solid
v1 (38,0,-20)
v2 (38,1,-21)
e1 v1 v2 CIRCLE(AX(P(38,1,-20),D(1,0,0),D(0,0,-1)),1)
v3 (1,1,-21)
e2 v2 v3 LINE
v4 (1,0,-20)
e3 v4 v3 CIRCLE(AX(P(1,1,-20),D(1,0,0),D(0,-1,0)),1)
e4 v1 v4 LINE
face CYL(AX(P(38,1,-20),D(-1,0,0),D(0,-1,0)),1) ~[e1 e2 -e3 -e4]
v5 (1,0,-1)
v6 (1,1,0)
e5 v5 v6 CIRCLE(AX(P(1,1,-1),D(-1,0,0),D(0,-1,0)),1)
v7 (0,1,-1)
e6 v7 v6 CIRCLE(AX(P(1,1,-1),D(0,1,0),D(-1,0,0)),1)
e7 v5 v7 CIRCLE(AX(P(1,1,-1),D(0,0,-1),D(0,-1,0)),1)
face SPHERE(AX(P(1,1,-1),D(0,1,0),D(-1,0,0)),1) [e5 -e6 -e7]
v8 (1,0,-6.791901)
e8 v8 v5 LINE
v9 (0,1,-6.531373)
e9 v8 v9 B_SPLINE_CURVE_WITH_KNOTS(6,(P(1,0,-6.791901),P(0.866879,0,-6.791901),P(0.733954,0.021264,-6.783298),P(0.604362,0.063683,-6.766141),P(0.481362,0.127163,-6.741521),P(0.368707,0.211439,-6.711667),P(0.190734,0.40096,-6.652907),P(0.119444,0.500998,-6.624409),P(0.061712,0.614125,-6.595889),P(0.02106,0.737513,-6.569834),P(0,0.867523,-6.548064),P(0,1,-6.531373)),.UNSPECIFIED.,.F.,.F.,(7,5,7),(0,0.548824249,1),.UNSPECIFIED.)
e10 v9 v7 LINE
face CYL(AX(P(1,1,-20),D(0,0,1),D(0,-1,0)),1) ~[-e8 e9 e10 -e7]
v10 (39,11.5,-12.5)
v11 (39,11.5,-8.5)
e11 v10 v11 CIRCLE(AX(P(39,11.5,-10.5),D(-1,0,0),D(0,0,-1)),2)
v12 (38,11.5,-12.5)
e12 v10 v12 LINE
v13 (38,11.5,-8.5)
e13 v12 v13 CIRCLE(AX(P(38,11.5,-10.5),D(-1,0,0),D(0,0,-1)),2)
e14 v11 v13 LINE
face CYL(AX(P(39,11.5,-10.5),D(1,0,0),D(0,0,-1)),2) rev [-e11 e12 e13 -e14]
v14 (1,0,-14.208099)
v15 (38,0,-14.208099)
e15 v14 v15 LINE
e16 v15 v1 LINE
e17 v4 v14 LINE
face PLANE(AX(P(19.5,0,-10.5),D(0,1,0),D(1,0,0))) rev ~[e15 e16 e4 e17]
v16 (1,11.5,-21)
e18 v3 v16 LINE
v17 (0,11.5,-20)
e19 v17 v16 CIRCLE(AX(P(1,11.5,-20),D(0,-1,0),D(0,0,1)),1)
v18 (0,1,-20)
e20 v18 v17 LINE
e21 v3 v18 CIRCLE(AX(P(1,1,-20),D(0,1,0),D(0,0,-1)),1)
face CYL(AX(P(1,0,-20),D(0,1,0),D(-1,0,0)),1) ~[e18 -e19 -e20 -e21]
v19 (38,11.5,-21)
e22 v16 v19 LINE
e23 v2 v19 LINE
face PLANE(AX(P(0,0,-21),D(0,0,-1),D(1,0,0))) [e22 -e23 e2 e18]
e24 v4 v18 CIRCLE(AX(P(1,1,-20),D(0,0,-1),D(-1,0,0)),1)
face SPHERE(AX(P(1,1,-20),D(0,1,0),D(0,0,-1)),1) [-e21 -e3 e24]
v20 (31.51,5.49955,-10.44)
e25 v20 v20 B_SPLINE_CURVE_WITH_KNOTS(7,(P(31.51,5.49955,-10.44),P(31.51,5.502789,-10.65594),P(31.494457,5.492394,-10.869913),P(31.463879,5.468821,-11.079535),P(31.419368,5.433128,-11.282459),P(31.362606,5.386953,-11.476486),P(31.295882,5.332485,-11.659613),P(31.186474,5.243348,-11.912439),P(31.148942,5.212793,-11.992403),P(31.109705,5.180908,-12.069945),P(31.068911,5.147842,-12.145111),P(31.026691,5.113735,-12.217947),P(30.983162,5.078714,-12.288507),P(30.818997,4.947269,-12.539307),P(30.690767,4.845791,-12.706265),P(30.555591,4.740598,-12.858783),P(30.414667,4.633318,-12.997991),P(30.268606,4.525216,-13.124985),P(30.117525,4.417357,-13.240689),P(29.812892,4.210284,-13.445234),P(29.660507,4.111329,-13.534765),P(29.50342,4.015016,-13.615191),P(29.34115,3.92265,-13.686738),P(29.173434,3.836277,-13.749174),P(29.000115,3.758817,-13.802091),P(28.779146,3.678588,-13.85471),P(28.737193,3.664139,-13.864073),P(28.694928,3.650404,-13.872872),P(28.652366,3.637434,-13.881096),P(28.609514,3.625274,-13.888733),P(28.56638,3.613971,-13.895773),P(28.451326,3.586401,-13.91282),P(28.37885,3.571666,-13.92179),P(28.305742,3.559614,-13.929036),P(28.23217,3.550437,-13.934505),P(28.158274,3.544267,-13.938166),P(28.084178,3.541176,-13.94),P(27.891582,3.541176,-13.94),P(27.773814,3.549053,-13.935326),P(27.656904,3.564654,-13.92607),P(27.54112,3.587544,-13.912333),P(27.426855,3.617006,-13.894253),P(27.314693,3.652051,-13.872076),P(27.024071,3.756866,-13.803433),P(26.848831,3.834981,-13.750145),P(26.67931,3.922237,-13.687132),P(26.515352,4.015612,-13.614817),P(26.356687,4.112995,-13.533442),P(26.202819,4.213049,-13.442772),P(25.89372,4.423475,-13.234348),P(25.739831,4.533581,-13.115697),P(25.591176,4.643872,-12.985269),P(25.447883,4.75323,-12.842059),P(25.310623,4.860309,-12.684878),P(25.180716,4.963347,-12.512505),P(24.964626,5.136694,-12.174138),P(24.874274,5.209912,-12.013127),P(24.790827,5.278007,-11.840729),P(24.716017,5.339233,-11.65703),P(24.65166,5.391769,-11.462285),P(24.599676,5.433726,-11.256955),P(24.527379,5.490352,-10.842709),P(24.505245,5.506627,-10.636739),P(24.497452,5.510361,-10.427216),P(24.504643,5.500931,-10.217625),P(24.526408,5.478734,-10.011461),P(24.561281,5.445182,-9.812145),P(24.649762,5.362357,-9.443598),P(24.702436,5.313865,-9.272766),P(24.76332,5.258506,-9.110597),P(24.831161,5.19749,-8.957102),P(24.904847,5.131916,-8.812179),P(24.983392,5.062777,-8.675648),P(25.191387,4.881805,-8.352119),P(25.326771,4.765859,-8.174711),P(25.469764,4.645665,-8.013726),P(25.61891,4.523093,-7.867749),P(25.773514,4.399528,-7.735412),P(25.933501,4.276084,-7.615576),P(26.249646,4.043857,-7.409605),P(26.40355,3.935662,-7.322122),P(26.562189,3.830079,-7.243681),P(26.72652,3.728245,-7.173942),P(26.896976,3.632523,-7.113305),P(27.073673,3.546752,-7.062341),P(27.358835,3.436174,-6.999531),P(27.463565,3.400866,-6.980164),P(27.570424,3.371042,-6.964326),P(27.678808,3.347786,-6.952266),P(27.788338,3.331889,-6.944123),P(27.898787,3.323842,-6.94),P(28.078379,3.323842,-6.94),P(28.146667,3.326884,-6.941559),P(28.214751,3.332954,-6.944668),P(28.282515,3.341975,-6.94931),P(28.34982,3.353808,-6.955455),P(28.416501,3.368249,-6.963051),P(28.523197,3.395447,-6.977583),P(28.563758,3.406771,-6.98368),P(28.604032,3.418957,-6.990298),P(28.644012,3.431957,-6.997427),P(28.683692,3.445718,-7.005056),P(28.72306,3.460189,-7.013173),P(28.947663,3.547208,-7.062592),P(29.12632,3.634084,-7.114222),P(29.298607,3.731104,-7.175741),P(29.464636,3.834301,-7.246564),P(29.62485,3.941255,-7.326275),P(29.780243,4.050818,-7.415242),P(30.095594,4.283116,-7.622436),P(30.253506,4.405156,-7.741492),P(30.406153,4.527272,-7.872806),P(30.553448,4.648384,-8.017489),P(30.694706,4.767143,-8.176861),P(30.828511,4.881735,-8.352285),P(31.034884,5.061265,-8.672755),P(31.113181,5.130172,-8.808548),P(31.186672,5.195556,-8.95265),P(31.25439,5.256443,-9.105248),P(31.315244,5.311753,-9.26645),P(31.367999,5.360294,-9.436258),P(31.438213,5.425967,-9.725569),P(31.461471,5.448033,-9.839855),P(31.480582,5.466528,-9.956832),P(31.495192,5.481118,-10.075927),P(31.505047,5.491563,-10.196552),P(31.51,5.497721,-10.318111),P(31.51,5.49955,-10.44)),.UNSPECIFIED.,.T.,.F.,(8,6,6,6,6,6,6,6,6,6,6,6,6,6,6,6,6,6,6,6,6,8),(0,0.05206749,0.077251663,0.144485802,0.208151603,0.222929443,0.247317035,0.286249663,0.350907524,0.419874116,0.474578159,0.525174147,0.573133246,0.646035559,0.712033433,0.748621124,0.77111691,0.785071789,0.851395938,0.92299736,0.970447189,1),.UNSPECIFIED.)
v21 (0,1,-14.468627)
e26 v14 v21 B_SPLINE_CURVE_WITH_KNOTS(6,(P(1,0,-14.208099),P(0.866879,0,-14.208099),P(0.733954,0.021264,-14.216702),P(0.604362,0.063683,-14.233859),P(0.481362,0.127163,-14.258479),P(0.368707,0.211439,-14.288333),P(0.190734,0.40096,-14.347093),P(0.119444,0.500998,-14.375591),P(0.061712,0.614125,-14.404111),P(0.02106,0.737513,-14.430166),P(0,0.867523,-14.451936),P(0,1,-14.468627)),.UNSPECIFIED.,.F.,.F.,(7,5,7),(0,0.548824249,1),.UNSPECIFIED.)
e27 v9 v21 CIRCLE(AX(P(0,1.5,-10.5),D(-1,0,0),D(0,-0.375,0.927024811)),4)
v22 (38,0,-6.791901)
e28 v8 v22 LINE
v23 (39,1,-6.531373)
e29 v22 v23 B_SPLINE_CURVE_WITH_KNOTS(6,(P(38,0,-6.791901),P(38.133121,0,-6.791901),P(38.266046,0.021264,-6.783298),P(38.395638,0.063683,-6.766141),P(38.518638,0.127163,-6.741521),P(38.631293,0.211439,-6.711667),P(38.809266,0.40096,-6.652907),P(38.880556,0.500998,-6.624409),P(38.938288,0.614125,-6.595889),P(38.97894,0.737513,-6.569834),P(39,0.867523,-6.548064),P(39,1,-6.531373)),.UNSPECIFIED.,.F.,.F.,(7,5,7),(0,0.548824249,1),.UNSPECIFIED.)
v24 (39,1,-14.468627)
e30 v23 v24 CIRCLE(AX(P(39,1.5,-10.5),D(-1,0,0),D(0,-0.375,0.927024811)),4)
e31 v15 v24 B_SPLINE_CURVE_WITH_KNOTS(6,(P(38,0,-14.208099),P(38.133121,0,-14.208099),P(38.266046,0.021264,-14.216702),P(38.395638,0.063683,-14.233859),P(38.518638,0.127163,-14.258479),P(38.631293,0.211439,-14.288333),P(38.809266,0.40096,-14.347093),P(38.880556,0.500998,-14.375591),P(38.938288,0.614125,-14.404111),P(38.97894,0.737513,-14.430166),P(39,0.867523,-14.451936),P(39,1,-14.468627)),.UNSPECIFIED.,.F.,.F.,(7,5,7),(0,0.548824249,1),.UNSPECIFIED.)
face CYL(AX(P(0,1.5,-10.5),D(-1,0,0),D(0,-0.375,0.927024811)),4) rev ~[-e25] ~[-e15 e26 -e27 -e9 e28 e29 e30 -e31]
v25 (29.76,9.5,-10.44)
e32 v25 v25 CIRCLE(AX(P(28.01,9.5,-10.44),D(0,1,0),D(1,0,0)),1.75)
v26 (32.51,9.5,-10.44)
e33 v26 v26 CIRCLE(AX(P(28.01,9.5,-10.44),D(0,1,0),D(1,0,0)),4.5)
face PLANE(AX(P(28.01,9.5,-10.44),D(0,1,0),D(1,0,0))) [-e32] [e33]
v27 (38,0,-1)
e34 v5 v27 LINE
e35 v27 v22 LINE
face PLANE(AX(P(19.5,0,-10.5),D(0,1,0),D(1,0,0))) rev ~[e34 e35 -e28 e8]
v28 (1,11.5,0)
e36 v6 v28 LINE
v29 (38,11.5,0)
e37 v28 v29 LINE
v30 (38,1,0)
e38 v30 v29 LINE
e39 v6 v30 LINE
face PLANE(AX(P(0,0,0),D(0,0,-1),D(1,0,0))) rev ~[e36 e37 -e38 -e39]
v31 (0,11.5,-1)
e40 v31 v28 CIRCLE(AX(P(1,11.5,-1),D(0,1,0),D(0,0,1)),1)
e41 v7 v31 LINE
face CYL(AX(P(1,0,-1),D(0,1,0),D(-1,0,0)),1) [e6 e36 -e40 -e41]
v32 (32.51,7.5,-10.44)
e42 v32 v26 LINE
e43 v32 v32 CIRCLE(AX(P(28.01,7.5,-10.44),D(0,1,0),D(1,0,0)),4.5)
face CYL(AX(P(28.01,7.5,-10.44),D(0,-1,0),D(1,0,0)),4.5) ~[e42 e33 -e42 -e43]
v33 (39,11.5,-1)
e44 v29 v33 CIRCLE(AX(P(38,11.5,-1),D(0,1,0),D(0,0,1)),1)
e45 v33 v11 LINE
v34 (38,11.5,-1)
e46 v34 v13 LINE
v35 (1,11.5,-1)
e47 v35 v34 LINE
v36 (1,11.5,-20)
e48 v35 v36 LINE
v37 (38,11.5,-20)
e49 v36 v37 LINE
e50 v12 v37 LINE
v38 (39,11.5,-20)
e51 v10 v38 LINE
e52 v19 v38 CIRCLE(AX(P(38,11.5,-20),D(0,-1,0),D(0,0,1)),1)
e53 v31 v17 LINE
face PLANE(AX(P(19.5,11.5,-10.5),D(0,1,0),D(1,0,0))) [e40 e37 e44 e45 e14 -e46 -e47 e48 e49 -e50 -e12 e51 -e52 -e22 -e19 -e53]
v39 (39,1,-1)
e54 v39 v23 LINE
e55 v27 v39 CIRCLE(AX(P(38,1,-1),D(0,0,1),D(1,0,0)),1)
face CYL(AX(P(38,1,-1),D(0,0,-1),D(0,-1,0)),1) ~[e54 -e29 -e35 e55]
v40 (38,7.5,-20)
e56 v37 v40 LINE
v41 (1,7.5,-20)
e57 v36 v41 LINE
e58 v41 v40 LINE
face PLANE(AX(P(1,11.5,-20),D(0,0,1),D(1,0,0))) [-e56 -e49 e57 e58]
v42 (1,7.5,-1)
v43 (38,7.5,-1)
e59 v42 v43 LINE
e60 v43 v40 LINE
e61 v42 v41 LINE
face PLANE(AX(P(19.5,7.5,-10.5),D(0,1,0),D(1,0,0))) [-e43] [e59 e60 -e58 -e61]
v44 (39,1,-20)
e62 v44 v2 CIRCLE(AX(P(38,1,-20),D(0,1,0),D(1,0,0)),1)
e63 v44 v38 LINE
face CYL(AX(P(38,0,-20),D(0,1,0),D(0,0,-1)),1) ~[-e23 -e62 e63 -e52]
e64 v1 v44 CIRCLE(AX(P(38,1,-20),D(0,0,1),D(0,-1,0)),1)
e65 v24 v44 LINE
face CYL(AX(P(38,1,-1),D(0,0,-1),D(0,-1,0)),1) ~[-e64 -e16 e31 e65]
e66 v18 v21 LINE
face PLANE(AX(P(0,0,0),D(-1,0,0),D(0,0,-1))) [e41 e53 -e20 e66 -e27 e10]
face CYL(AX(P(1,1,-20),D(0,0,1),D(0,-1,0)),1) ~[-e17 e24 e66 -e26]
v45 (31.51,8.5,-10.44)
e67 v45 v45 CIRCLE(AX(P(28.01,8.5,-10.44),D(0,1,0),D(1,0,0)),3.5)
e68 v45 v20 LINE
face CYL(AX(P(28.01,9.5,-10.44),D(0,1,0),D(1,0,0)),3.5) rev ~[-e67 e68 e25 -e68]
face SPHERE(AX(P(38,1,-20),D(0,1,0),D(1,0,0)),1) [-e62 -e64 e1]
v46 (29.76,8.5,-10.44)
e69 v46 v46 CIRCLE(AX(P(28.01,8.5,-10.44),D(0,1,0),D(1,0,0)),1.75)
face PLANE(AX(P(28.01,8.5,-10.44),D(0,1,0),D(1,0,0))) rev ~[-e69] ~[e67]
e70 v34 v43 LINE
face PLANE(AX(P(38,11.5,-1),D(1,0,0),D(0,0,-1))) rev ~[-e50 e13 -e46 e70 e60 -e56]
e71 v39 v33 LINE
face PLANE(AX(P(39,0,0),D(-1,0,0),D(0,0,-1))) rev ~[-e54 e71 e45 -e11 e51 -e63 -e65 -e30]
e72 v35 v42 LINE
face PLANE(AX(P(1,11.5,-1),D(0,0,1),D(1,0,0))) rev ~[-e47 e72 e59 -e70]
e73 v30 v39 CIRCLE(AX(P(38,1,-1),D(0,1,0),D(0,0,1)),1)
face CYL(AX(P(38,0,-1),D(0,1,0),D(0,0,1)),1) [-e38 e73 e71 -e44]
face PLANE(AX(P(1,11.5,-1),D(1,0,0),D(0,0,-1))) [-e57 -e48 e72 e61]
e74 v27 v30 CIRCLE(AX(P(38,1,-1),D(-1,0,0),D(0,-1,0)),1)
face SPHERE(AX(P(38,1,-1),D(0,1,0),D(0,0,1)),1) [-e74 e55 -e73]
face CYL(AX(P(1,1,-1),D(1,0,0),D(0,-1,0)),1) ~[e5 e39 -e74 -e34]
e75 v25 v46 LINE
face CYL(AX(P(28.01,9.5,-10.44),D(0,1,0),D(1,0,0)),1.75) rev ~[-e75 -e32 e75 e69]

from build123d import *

# Parameters (mm, degrees)
SKETCH1_W           = 39
SKETCH1_H           = 21
BOSS_EXTRUDE1_DEPTH = 11.5
SKETCH3_W           = 37
SKETCH3_H           = 19
CUT_EXTRUDE2_DEPTH  = 4
FILLET1_R           = 1
FILLET2_R           = 1
SKETCH5_R           = 4.5
BOSS_EXTRUDE2_DEPTH = 2
SKETCH6_R           = 3.5
CUT_EXTRUDE4_DEPTH  = 9.5
SKETCH7_R           = 4.5
BOSS_EXTRUDE3_DEPTH = 1
SKETCH8_R           = 1.75
CUT_EXTRUDE5_DEPTH  = 1
CUT_EXTRUDE6_DEPTH  = 1
CUT_EXTRUDE7_DEPTH  = 39


with BuildPart() as part:
    # Sketch1 → Boss-Extrude1 (new body)
    with BuildSketch(Plane(origin=(0, 0, 0), x_dir=(1, 0, 0), z_dir=(0, 1, 0))):
        with Locations((19.5, 10.5)):
            Rectangle(SKETCH1_W, SKETCH1_H)
    extrude(amount=BOSS_EXTRUDE1_DEPTH)

    # Sketch3 → Cut-Extrude2 (cut)
    with BuildSketch(Plane(origin=(0, 11.5, 0), x_dir=(1, 0, 0), z_dir=(0, 1, 0))):
        with Locations((19.5, 10.5)):
            Rectangle(SKETCH3_W, SKETCH3_H)
    extrude(amount=-CUT_EXTRUDE2_DEPTH, mode=Mode.SUBTRACT)

    # Fillet1
    fillet1_edges = [part.edges().sort_by_distance(p)[0] for p in [
        (0, 5.75, -21),
        (39, 5.75, -21),
        (39, 5.75, 0),
        (0, 5.75, 0),
    ]]
    fillet(fillet1_edges, radius=FILLET1_R)

    # Fillet2
    fillet2_edges = [part.edges().sort_by_distance(p)[0] for p in [
        (19.5, 0, 0),
        (0, 0, -10.5),
        (19.5, 0, -21),
        (39, 0, -10.5),
        (0.292893219, 0, -20.707106781),
        (38.707106781, 0, -20.707106781),
        (38.707106781, 0, -0.292893219),
        (0.292893219, 0, -0.292893219),
    ]]
    fillet(fillet2_edges, radius=FILLET2_R)

    # Sketch5 → Boss-Extrude2 (add)
    with BuildSketch(Plane(origin=(0, 7.5, 0), x_dir=(1, 0, 0), z_dir=(0, 1, 0))):
        with Locations((28.01, 10.44)):
            Circle(SKETCH5_R)
    extrude(amount=BOSS_EXTRUDE2_DEPTH)

    # Sketch6 → Cut-Extrude4 (cut)
    with BuildSketch(Plane(origin=(0, 9.5, 0), x_dir=(1, 0, 0), z_dir=(0, 1, 0))):
        with Locations((28.01, 10.44)):
            Circle(SKETCH6_R)
    extrude(amount=-CUT_EXTRUDE4_DEPTH, mode=Mode.SUBTRACT)

    # Sketch7 → Boss-Extrude3 (add)
    with BuildSketch(Plane(origin=(0, 9.5, 0), x_dir=(1, 0, 0), z_dir=(0, 1, 0))):
        with Locations((28.01, 10.44)):
            Circle(SKETCH7_R)
    extrude(amount=-BOSS_EXTRUDE3_DEPTH)

    # Sketch8 → Cut-Extrude5 (cut)
    with BuildSketch(Plane(origin=(0, 9.5, 0), x_dir=(1, 0, 0), z_dir=(0, 1, 0))):
        with Locations((28.01, 10.44)):
            Circle(SKETCH8_R)
    extrude(amount=-CUT_EXTRUDE5_DEPTH, mode=Mode.SUBTRACT)

    # Sketch9 → Cut-Extrude6 (cut)
    with BuildSketch(Plane(origin=(39, 0, 0), x_dir=(0, 0, -1), z_dir=(1, 0, 0))):
        with BuildLine():
            Line((8.5, 11.5), (12.5, 11.5))
            ThreePointArc((12.5, 11.5), (10.5, 9.5), (8.5, 11.5))
        make_face()
    extrude(amount=-CUT_EXTRUDE6_DEPTH, mode=Mode.SUBTRACT)

    # Sketch4 → Cut-Extrude7 (cut)
    with BuildSketch(Plane.ZY):
        with BuildLine():
            Line((-14.208099244, 0), (-6.791900756, 0))
            ThreePointArc((-6.791900756, 0), (-10.5, 5.5), (-14.208099244, 0))
        make_face()
    extrude(amount=-CUT_EXTRUDE7_DEPTH, mode=Mode.SUBTRACT)


solid = part.part
